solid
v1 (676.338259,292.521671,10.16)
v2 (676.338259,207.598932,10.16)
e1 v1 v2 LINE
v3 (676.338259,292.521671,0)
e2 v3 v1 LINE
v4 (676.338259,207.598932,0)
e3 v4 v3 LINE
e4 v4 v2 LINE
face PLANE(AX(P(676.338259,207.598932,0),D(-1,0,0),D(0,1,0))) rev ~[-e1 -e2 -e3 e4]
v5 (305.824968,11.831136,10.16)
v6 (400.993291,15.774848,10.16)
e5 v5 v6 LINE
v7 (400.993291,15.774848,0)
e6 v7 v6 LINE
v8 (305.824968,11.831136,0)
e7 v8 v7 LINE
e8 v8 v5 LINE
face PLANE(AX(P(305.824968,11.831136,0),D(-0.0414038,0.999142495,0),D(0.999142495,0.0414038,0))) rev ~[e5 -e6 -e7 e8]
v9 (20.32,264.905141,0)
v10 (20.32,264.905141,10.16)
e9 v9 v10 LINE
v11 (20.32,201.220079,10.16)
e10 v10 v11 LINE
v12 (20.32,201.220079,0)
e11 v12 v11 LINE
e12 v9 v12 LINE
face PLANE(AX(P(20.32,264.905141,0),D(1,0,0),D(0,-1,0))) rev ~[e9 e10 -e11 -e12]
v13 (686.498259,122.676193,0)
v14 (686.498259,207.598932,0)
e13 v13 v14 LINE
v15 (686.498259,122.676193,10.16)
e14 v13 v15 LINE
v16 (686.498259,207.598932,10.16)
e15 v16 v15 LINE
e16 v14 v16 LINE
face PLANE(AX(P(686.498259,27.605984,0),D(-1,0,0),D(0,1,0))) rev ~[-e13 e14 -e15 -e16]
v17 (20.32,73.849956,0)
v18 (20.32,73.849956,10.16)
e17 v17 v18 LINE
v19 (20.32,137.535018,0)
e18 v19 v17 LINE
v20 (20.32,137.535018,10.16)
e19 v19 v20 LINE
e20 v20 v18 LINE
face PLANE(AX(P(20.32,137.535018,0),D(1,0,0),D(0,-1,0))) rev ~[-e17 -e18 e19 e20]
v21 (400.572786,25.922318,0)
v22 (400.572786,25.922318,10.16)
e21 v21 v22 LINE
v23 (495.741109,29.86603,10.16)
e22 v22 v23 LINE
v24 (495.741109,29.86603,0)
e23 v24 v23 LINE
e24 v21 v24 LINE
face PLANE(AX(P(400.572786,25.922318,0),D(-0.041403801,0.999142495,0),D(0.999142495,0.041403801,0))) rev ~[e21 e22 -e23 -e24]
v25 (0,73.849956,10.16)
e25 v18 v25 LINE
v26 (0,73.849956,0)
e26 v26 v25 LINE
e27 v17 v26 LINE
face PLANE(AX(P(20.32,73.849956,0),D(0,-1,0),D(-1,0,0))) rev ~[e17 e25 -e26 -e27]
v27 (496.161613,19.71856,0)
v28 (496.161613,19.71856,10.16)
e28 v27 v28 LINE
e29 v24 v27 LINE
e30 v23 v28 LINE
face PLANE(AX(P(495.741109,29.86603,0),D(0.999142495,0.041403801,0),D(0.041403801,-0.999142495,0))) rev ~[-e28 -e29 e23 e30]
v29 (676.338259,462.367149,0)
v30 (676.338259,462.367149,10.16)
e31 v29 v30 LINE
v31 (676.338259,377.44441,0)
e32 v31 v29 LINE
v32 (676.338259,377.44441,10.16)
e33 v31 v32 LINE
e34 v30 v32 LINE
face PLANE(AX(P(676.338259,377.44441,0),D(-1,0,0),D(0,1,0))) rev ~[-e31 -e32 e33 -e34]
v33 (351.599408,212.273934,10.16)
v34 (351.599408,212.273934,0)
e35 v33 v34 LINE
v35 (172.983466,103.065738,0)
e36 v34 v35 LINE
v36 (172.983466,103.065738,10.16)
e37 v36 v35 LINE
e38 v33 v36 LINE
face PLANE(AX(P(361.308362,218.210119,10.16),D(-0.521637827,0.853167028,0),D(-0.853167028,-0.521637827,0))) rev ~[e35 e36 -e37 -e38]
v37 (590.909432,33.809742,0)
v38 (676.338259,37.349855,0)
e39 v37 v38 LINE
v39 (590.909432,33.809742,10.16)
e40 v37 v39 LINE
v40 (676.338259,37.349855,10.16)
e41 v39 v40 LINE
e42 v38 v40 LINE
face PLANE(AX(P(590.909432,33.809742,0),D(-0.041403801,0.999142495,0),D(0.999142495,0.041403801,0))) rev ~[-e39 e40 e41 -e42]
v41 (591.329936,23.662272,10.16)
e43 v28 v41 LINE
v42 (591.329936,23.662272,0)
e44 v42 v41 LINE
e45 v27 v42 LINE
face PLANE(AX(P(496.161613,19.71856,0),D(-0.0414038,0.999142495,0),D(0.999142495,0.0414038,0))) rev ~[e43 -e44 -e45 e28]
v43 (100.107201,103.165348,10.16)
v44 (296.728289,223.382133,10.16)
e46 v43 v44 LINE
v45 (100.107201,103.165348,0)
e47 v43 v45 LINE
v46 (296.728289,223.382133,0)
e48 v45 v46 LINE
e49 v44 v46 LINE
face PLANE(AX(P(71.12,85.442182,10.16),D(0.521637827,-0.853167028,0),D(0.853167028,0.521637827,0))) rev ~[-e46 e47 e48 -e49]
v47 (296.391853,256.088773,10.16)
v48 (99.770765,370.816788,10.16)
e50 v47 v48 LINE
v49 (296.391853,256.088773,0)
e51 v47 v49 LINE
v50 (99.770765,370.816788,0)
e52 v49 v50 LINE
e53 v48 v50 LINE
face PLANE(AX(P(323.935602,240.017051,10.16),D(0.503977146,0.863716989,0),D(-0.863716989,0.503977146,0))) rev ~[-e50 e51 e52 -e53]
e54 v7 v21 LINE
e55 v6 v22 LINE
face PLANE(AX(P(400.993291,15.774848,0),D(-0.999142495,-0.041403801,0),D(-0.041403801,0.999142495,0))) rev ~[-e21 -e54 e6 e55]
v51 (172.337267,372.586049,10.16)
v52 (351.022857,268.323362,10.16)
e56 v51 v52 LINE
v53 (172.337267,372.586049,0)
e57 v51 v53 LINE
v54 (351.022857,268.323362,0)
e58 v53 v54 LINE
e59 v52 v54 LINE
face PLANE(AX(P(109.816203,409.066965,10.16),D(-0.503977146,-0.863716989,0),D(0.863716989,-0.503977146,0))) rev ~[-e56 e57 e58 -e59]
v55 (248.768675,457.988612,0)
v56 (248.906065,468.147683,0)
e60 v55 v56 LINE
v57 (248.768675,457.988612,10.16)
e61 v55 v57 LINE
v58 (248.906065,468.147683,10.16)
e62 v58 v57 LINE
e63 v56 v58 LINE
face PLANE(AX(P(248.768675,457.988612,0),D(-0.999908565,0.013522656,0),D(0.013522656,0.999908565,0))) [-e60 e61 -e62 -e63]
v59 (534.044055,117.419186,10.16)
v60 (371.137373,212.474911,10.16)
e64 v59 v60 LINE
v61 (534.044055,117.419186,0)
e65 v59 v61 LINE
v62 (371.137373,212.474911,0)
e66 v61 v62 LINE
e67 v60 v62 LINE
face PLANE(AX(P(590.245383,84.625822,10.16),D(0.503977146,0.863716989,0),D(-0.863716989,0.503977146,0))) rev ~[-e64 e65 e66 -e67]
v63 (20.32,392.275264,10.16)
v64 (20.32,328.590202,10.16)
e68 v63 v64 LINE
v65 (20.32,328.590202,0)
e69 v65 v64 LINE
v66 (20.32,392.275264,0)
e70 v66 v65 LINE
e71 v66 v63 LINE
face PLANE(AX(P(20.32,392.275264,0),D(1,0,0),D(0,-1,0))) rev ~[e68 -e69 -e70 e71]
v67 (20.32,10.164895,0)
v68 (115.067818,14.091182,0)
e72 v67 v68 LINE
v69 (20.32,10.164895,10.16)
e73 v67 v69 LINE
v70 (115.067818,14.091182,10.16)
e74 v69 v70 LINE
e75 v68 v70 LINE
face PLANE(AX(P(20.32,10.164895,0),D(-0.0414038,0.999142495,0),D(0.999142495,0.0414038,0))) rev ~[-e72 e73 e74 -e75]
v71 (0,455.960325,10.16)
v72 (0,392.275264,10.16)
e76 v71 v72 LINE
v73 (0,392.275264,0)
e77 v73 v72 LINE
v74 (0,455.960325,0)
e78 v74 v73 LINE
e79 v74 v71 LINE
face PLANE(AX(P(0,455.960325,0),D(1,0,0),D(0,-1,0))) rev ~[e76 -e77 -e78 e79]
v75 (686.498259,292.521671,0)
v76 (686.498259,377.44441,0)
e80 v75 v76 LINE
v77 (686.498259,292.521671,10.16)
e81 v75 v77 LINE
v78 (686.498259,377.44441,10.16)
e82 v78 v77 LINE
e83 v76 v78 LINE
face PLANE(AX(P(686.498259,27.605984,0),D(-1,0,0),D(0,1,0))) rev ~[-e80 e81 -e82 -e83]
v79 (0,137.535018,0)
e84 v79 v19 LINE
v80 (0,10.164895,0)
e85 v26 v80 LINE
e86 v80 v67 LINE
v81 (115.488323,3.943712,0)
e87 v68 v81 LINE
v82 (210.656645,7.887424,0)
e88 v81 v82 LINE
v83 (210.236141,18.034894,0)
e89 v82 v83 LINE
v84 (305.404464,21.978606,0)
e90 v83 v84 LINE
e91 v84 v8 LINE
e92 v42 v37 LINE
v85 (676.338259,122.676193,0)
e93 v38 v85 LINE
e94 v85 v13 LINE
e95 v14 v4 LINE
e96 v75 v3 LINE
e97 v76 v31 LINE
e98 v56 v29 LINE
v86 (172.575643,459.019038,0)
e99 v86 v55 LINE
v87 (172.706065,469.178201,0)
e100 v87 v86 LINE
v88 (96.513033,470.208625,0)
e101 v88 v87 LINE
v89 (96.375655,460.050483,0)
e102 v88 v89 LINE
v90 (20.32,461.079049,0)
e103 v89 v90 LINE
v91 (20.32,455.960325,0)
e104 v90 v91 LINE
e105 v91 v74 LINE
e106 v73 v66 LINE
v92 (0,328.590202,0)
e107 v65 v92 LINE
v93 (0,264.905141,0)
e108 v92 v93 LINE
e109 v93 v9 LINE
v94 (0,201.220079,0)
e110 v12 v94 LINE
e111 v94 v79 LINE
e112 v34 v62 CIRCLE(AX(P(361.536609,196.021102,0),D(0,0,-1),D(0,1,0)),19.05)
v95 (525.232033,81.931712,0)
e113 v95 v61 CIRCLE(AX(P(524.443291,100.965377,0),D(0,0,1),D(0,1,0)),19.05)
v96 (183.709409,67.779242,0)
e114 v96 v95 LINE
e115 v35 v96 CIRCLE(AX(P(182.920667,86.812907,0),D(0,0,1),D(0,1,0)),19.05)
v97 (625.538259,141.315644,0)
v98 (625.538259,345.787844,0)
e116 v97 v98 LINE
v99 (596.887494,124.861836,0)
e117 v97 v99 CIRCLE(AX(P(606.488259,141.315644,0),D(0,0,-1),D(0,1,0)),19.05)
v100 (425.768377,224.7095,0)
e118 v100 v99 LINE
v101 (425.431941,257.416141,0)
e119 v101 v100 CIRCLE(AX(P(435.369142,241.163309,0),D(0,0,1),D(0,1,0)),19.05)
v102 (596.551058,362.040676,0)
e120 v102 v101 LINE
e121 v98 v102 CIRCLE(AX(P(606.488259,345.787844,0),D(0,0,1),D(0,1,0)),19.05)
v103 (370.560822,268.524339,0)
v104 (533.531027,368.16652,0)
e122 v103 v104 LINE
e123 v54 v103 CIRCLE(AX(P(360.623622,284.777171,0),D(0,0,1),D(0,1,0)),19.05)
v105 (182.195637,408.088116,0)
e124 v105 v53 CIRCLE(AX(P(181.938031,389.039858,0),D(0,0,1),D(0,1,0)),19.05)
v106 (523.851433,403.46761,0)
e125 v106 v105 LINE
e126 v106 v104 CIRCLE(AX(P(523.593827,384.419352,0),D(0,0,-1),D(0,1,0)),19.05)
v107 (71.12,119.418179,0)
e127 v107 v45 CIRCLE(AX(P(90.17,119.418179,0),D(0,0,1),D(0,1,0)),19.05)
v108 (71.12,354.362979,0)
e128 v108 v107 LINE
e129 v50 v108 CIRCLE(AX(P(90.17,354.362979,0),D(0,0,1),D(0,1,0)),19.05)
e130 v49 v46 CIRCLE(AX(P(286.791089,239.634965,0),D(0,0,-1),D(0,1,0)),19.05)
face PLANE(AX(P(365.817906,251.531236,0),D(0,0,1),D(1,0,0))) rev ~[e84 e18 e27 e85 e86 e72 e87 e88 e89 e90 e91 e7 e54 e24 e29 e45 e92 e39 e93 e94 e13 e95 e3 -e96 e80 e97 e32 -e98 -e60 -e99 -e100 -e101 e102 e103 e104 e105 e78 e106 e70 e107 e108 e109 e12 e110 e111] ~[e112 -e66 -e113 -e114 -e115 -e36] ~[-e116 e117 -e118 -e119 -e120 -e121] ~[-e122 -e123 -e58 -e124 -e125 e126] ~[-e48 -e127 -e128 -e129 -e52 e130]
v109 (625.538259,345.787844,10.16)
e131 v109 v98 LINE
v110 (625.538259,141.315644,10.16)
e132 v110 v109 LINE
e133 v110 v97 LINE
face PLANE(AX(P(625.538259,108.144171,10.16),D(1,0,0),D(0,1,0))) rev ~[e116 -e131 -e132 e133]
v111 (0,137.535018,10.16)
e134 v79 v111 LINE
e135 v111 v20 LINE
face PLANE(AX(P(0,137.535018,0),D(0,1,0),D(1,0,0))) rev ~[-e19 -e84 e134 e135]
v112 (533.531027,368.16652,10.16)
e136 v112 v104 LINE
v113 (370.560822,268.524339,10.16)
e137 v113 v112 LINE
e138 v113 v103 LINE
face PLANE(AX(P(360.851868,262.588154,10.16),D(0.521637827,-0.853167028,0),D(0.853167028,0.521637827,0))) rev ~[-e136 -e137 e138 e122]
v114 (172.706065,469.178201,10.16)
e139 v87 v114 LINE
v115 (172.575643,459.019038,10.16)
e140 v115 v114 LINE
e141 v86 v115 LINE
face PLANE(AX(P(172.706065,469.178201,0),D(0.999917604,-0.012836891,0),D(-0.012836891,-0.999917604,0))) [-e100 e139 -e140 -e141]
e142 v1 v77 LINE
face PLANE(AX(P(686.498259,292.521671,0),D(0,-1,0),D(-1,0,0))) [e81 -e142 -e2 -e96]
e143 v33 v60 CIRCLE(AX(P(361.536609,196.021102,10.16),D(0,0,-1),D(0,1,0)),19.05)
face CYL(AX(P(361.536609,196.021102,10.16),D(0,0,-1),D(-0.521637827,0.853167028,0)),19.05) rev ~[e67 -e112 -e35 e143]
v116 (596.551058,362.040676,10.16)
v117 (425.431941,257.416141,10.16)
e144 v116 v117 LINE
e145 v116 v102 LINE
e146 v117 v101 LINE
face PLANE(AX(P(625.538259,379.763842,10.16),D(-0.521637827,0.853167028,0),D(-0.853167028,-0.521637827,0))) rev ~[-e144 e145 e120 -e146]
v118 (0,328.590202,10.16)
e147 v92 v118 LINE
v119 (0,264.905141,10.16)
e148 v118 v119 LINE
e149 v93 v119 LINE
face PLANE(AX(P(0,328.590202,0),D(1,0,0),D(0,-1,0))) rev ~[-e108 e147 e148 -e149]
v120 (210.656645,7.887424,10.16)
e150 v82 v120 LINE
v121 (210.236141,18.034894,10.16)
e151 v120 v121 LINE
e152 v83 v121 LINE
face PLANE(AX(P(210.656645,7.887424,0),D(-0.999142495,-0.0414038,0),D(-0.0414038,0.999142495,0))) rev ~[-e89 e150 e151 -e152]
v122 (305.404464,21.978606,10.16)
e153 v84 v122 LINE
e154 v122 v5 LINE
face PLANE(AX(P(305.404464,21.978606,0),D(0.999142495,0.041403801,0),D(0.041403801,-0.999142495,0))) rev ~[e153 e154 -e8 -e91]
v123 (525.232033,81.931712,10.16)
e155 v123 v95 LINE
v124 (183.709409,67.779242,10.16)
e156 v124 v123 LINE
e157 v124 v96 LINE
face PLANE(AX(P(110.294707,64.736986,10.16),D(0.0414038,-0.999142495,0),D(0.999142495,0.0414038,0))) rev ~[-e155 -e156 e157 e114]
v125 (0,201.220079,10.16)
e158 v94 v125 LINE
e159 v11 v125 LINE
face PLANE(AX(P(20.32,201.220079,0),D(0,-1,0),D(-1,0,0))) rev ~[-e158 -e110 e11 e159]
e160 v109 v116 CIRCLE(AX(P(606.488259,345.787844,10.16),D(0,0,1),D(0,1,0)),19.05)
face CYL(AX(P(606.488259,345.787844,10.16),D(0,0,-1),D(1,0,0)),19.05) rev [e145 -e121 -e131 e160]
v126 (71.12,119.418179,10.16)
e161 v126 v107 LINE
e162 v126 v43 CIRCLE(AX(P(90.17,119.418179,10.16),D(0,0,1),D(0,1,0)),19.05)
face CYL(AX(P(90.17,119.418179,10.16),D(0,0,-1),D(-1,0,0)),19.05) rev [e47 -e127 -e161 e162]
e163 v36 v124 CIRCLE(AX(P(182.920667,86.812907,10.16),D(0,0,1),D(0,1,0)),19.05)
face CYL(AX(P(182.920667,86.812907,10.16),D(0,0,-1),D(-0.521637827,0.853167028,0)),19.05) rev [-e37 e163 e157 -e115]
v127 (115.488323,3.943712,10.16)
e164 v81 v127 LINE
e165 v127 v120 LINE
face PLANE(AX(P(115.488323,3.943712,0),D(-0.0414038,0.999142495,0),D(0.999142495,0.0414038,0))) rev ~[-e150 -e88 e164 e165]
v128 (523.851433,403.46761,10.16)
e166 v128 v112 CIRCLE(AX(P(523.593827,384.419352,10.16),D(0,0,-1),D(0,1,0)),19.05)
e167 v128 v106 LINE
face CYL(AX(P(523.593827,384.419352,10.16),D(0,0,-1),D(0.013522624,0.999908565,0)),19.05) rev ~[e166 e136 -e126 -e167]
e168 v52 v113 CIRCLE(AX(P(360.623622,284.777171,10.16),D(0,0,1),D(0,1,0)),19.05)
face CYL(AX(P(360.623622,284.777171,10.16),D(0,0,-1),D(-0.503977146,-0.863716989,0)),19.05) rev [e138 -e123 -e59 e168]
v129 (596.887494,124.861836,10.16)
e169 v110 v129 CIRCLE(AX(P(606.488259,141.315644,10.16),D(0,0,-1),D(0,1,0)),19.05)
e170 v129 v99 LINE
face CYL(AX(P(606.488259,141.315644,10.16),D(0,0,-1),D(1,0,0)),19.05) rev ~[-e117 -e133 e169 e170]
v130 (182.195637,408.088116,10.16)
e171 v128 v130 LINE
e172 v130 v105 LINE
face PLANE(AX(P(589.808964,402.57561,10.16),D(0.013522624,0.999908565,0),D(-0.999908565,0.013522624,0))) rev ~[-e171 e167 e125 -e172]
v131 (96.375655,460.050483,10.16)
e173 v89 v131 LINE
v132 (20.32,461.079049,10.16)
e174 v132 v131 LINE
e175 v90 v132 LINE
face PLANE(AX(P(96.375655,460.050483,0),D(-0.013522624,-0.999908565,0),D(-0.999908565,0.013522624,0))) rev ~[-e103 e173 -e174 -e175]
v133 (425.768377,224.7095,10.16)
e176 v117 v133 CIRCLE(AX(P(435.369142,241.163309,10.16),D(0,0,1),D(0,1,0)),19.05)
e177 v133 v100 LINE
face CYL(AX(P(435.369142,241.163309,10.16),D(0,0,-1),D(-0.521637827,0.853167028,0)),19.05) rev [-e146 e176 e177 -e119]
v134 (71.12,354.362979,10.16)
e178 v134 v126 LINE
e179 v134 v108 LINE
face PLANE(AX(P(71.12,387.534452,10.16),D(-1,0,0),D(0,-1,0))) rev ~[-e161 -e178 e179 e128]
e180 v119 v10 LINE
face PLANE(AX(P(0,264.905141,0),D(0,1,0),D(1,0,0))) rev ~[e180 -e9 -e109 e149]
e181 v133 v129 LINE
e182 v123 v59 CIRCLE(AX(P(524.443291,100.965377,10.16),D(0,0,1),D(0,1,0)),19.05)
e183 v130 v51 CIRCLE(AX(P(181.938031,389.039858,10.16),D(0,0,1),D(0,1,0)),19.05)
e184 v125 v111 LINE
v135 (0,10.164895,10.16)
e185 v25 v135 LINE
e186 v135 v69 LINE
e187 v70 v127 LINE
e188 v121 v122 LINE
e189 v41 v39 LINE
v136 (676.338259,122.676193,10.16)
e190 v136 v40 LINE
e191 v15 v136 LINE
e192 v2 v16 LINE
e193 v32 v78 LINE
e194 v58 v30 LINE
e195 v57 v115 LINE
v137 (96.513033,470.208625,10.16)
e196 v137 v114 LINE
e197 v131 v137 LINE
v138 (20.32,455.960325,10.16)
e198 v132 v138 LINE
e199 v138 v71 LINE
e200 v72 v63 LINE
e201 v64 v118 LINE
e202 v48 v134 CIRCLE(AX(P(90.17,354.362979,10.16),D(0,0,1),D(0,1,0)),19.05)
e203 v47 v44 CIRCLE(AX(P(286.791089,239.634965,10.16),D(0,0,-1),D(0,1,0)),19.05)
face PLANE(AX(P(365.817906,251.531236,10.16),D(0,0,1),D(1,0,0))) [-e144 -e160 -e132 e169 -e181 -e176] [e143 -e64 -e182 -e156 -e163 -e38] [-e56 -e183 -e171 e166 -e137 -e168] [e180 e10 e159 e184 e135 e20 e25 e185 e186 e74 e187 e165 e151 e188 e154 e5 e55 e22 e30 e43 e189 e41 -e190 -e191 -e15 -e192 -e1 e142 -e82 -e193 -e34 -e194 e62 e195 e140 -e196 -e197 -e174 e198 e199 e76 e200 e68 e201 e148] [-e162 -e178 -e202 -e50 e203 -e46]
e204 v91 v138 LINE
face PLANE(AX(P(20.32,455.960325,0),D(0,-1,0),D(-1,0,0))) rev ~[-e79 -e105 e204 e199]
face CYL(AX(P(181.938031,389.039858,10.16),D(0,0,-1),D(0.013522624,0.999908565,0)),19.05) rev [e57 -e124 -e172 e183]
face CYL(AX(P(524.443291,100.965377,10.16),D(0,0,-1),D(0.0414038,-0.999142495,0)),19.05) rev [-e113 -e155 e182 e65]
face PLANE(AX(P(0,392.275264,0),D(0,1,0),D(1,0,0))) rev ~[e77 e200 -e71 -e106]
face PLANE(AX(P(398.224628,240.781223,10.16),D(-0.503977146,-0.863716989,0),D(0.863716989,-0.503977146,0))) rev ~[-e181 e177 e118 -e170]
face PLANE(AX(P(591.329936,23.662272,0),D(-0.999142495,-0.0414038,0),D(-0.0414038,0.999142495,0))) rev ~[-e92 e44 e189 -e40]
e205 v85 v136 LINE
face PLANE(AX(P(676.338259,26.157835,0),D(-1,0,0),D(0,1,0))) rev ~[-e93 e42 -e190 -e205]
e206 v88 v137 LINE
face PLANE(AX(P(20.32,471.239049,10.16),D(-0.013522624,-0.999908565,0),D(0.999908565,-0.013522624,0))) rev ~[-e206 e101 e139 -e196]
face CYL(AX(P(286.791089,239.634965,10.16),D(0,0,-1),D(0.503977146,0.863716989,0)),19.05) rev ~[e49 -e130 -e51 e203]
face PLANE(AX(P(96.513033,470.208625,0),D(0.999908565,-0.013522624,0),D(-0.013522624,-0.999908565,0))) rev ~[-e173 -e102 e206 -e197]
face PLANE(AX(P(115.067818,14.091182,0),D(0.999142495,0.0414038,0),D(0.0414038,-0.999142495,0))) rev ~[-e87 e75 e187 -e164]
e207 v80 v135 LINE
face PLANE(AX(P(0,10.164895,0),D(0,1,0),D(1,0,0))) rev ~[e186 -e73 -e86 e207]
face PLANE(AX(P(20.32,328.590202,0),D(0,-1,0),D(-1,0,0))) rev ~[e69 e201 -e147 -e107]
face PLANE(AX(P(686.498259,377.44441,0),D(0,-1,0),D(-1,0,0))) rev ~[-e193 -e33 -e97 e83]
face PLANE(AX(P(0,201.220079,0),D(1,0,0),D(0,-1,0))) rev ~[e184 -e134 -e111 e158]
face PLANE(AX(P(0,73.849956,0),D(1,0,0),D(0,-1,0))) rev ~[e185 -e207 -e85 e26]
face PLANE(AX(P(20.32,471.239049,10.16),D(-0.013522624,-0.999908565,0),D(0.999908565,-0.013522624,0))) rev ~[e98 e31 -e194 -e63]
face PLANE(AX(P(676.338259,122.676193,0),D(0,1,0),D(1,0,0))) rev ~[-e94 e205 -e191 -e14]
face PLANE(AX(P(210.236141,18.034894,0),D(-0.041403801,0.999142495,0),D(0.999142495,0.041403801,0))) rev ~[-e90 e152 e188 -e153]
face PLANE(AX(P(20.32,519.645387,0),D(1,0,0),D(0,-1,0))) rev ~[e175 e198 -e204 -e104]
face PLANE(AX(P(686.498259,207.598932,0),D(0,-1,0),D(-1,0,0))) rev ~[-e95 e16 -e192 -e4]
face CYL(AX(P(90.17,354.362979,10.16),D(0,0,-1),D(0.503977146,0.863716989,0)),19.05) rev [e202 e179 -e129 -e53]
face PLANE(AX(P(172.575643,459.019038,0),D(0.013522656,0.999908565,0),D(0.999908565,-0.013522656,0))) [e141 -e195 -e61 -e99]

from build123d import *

# Parameters (mm, degrees)
BOSS_EXTRUDE1_DEPTH = 10.16
CUT_EXTRUDE1_DEPTH  = 11.16
SKETCH4_W           = 129.547530324
SKETCH4_H           = 444.037072
CUT_EXTRUDE3_DEPTH  = 11.16
SKETCH5_W           = 10.16
SKETCH5_H           = 84.922739191
CUT_EXTRUDE5_DEPTH  = 11.16
CUT_EXTRUDE6_DEPTH  = 11.16
CUT_EXTRUDE7_DEPTH  = 11.16
FILLET1_R           = 19.05


with BuildPart() as part:
    # Sketch1 → Boss-Extrude1 (new body)
    with BuildSketch(Plane.XY):
        with BuildLine():
            Line((20.32, 73.849956434), (0, 73.849956434))
            Line((0, 73.849956434), (0, 10.164894956))
            Line((0, 10.164894956), (20.32, 10.164894956))
            Line((20.32, 10.164894956), (115.06781826, 14.091181531))
            Line((115.06781826, 14.091181531), (115.488322648, 3.943711998))
            Line((115.488322648, 3.943711998), (210.656645296, 7.887423995))
            Line((210.656645296, 7.887423995), (210.236140908, 18.034893528))
            Line((210.236140908, 18.034893528), (305.404463556, 21.978605526))
            Line((305.404463556, 21.978605526), (305.824967945, 11.831135993))
            Line((305.824967945, 11.831135993), (400.993290593, 15.77484799))
            Line((400.993290593, 15.77484799), (400.572786204, 25.922317523))
            Line((400.572786204, 25.922317523), (495.741108852, 29.866029521))
            Line((495.741108852, 29.866029521), (496.161613241, 19.718559988))
            Line((496.161613241, 19.718559988), (591.329935889, 23.662271985))
            Line((591.329935889, 23.662271985), (590.909431501, 33.809741518))
            Line((590.909431501, 33.809741518), (686.077754149, 37.753453516))
            Line((686.077754149, 37.753453516), (686.498258538, 27.605983983))
            Line((686.498258538, 27.605983983), (781.666581186, 31.54969598))
            Line((781.666581186, 31.54969598), (781.246076797, 41.697165514))
            Line((781.246076797, 41.697165514), (781.246076797, 471.95159927))
            ThreePointArc((781.246076797, 471.95159927), (401.049995582, 500.057636465), (20.32, 519.645386783))
            Line((20.32, 519.645386783), (20.32, 455.960325305))
            Line((20.32, 455.960325305), (0, 455.960325305))
            Line((0, 455.960325305), (0, 392.275263826))
            Line((0, 392.275263826), (20.32, 392.275263826))
            Line((20.32, 392.275263826), (20.32, 328.590202348))
            Line((20.32, 328.590202348), (0, 328.590202348))
            Line((0, 328.590202348), (0, 264.905140869))
            Line((0, 264.905140869), (20.32, 264.905140869))
            Line((20.32, 264.905140869), (20.32, 201.220079391))
            Line((20.32, 201.220079391), (0, 201.220079391))
            Line((0, 201.220079391), (0, 137.535017912))
            Line((0, 137.535017912), (20.32, 137.535017912))
            Line((20.32, 137.535017912), (20.32, 73.849956434))
        make_face()
    extrude(amount=BOSS_EXTRUDE1_DEPTH)

    # Sketch2 → Cut-Extrude1 (cut, through all)
    with BuildSketch(Plane.XY.offset(10.16)):
        Polygon((20.32, 471.23904919), (781.246076797, 460.948390721), (781.246076797, 535.017906983), (20.32, 535.017906983), align=None)
    extrude(amount=-CUT_EXTRUDE1_DEPTH, mode=Mode.SUBTRACT)

    # Sketch4 → Cut-Extrude3 (cut, through all)
    with BuildSketch(Plane(origin=(0, 0, 0), x_dir=(-1, 0, 0), z_dir=(0, 0, -1))):
        with Locations((-751.2720237, 249.624519983)):
            Rectangle(SKETCH4_W, SKETCH4_H)
    extrude(amount=-CUT_EXTRUDE3_DEPTH, mode=Mode.SUBTRACT)

    # Sketch5 → Cut-Extrude5 (cut, through all)
    with BuildSketch(Plane(origin=(0, 0, 0), x_dir=(-1, 0, 0), z_dir=(0, 0, -1))):
        Polygon((-686.498258538, 122.676192707), (-686.498258538, 37.753453516), (-686.077754149, 37.753453516), (-676.338258538, 37.753453516), (-676.338258538, 122.676192707), align=None)
        with Locations((-681.418258538, 250.060301493)):
            Rectangle(SKETCH5_W, SKETCH5_H)
        Polygon((-686.498258538, 462.229747042), (-686.498258538, 377.444410279), (-676.338258538, 377.444410279), (-676.338258538, 462.367149469), align=None)
        Polygon((-676.338258538, 37.349855295), (-686.077754149, 37.753453516), (-686.498258538, 27.605983983), (-686.498258538, 26.157835014), (-676.338258538, 26.157835014), align=None)
        Polygon((-686.077754149, 37.753453516), (-686.498258538, 37.753453516), (-686.498258538, 27.605983983), align=None)
        Polygon((-676.338258538, 37.753453516), (-686.077754149, 37.753453516), (-676.338258538, 37.349855295), align=None)
    extrude(amount=-CUT_EXTRUDE5_DEPTH, mode=Mode.SUBTRACT)

    # Sketch9 → Cut-Extrude6 (cut, through all)
    with BuildSketch(Plane(origin=(0, 0, 0), x_dir=(-1, 0, 0), z_dir=(0, 0, -1))):
        Polygon((-20.32, 471.23904919), (-96.513032663, 470.208625209), (-96.375655361, 460.050483081), (-20.32, 461.07904919), align=None)
        Polygon((-172.706065326, 469.178201229), (-172.575642513, 459.019038375), (-248.768675144, 457.988612006), (-248.906065326, 468.147683023), align=None)
    extrude(amount=-CUT_EXTRUDE6_DEPTH, mode=Mode.SUBTRACT)

    # Sketch10 → Cut-Extrude7 (cut, through all)
    with BuildSketch(Plane.XY.offset(10.16)):
        Polygon((323.935601866, 240.017050622), (71.12, 387.534451737), (71.12, 85.442182155), align=None)
        Polygon((589.808964313, 402.575610007), (109.816203442, 409.066965371), (360.851868456, 262.588153871), align=None)
        Polygon((625.538258538, 108.14417143), (625.538258538, 379.763841656), (398.224628495, 240.781222682), align=None)
        Polygon((361.308361904, 218.210119433), (110.294706958, 64.736985613), (590.245383478, 84.62582245), align=None)
    extrude(amount=-CUT_EXTRUDE7_DEPTH, mode=Mode.SUBTRACT)

    # Fillet1
    fillet1_edges = [part.edges().sort_by_distance(p)[0] for p in [
        (398.224628495, 240.781222682, 5.08),
        (625.538258538, 379.763841656, 5.08),
        (625.538258538, 108.14417143, 5.08),
        (109.816203442, 409.066965371, 5.08),
        (589.808964313, 402.575610007, 5.08),
        (360.851868456, 262.588153871, 5.08),
        (361.308361904, 218.210119433, 5.08),
        (590.245383478, 84.62582245, 5.08),
        (110.294706958, 64.736985613, 5.08),
        (71.12, 387.534451737, 5.08),
        (323.935601866, 240.017050622, 5.08),
        (71.12, 85.442182155, 5.08),
    ]]
    fillet(fillet1_edges, radius=FILLET1_R)


solid = part.part
